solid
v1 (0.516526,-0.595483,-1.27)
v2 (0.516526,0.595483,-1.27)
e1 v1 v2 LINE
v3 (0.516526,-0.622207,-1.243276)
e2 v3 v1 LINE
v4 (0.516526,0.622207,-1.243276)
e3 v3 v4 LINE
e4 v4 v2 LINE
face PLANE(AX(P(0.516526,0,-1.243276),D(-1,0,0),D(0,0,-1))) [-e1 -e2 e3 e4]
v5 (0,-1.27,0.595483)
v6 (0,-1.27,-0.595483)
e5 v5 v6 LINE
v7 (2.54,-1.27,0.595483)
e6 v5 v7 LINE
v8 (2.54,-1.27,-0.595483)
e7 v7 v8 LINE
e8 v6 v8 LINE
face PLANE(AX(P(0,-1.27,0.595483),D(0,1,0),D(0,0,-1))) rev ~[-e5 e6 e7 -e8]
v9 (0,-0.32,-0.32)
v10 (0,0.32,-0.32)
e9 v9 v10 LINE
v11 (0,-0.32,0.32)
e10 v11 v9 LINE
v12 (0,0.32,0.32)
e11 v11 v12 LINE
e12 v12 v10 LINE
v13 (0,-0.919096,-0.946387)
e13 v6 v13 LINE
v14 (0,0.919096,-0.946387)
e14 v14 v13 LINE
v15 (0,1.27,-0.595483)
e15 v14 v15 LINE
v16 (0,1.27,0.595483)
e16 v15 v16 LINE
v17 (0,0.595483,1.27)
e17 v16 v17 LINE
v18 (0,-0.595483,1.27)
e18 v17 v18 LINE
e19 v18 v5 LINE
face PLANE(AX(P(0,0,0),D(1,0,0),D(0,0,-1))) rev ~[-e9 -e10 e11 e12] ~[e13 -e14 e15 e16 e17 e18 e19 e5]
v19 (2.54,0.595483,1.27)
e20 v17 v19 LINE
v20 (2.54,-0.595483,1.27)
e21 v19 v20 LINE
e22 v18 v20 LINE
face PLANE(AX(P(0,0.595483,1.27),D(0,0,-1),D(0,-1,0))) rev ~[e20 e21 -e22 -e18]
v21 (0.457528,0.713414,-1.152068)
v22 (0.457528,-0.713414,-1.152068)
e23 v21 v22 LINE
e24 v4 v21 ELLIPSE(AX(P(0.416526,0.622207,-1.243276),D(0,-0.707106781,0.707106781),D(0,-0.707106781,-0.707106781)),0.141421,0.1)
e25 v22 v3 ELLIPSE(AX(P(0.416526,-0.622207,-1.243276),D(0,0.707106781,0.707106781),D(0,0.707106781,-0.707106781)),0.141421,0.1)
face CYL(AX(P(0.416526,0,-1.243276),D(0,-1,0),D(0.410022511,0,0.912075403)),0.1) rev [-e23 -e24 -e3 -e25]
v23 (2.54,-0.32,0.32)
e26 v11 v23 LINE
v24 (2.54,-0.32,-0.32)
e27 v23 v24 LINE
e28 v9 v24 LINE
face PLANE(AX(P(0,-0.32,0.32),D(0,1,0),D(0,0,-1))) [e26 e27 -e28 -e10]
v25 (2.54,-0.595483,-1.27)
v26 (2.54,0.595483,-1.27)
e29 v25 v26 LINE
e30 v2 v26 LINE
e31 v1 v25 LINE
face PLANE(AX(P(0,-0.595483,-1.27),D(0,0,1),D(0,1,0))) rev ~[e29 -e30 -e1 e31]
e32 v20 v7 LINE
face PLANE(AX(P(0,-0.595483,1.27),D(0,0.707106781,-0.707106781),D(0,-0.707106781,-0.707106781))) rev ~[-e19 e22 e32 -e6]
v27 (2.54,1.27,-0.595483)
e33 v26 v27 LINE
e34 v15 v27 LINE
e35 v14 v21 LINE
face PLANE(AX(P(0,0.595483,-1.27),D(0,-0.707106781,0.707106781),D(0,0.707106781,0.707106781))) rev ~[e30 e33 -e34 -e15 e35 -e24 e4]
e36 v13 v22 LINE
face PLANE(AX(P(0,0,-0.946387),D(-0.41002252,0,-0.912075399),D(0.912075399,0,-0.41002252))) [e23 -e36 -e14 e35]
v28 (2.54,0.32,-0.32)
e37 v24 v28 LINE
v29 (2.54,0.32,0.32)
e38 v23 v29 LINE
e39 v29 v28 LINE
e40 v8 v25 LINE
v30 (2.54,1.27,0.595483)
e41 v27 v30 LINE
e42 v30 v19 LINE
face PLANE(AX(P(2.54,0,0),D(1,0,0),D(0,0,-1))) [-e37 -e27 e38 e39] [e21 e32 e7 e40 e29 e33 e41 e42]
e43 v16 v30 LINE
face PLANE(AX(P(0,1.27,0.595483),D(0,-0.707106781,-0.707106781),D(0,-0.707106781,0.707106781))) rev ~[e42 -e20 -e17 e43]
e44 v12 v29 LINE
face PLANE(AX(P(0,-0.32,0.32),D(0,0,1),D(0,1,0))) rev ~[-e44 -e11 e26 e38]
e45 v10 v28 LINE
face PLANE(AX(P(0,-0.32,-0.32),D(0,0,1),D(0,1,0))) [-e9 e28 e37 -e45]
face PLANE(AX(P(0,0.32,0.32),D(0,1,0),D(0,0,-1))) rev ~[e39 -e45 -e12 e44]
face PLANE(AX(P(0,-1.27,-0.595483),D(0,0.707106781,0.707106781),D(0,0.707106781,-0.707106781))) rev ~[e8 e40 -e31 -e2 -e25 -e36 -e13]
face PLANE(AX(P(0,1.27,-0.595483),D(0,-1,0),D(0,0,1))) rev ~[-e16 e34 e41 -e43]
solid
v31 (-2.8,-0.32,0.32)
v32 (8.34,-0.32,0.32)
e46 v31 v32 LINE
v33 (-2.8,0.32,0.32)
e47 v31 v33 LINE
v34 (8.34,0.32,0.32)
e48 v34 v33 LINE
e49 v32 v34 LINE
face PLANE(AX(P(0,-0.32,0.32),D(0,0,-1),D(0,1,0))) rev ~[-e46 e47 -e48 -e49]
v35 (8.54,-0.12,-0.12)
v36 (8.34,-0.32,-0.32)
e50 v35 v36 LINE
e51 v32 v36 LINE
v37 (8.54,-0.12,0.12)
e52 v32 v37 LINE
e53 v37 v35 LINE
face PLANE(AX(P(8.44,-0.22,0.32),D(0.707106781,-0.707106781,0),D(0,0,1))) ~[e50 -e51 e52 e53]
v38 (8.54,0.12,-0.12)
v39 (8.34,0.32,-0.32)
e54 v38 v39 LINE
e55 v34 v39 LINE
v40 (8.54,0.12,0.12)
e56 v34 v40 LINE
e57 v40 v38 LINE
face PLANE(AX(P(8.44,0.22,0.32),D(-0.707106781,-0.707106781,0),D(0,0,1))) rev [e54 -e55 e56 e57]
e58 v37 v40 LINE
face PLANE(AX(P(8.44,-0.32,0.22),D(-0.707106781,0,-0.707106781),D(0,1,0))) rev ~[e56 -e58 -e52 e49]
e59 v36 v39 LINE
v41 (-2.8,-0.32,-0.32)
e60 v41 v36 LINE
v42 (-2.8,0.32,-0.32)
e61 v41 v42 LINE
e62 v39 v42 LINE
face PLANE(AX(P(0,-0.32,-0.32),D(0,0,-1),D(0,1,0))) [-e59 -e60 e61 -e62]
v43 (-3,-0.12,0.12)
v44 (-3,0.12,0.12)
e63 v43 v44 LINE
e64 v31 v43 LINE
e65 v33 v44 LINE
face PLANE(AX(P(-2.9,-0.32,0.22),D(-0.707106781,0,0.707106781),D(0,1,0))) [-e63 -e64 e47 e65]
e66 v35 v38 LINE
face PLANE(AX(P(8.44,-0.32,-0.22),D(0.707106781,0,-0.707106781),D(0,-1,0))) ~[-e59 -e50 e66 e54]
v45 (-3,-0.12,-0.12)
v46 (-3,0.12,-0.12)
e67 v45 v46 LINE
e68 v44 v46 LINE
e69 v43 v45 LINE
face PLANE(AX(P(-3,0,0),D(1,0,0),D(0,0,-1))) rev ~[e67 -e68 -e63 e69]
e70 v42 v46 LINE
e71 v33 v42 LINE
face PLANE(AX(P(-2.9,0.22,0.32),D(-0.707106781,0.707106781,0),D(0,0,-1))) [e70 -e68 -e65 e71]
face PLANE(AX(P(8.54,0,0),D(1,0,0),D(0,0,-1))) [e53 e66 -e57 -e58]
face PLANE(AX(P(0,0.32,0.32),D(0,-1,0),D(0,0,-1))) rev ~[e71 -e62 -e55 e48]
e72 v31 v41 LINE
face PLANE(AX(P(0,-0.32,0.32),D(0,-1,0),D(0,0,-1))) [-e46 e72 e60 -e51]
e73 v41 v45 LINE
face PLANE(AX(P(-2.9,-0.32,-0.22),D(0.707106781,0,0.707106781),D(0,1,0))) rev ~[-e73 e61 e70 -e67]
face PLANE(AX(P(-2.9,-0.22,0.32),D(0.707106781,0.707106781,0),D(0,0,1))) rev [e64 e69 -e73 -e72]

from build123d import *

# Parameters (mm, degrees)
CROQUIS1_W                   = 0.64
CROQUIS1_H                   = 0.64
SALIENTE_EXTRUIR1_DEPTH      = 2.54
CORTAR_EXTRUIR1_DEPTH        = 2.54
CORTAR_EXTRUIR1_DEPTH_BACK   = 2.54
CROQUIS3_W                   = 0.64
CROQUIS3_H                   = 0.64
SALIENTE_EXTRUIR2_DEPTH      = 8.54
SALIENTE_EXTRUIR2_DEPTH_BACK = 3
CHAFL_N1_SIZE                = 0.2


with BuildPart() as part:
    # Croquis1 → Saliente-Extruir1 (new body)
    with BuildSketch(Plane(origin=(0, 0, 0), x_dir=(0, 0, -1), z_dir=(1, 0, 0))):
        Polygon((-0.595482683, 1.27), (-1.27, 0.595482683), (-1.27, -0.595482683), (-0.595482683, -1.27), (0.595482683, -1.27), (1.27, -0.595482683), (1.27, 0.595482683), (0.595482683, 1.27), align=None)
        Rectangle(CROQUIS1_W, CROQUIS1_H, mode=Mode.SUBTRACT)
    extrude(amount=SALIENTE_EXTRUIR1_DEPTH)

    # Croquis2 → Cortar-Extruir1 (cut, two sides)
    with BuildSketch(Plane(origin=(0, 0, 0), x_dir=(1, 0, 0), z_dir=(0, 1, 0))) as cortar_extruir1_sk:
        with BuildLine():
            Line((0.516526244, 1.243275937), (0.516526244, 1.296724063))
            ThreePointArc((0.516526244, 1.296724063), (0.500491193, 1.351036929), (0.457528496, 1.387931603))
            Line((0.457528496, 1.387931603), (0, 1.593613049))
            Line((0, 1.593613049), (0, 0.946386951))
            Line((0, 0.946386951), (0.457528496, 1.152068397))
            ThreePointArc((0.457528496, 1.152068397), (0.500491193, 1.188963071), (0.516526244, 1.243275937))
        make_face()
    extrude(amount=CORTAR_EXTRUIR1_DEPTH, mode=Mode.SUBTRACT)
    extrude(cortar_extruir1_sk.sketch, amount=-CORTAR_EXTRUIR1_DEPTH_BACK, mode=Mode.SUBTRACT)


with BuildPart() as body_2:
    # Croquis3 → Saliente-Extruir2 (new body, two sides)
    with BuildSketch(Plane(origin=(0, 0, 0), x_dir=(0, 0, -1), z_dir=(1, 0, 0))) as saliente_extruir2_sk:
        Rectangle(CROQUIS3_W, CROQUIS3_H)
    extrude(amount=SALIENTE_EXTRUIR2_DEPTH)
    extrude(saliente_extruir2_sk.sketch, amount=-SALIENTE_EXTRUIR2_DEPTH_BACK)

    # Chaflán1
    chafl_n1_edges = [body_2.edges().sort_by_distance(p)[0] for p in [
        (-3, 0, -0.32),
        (8.54, 0, 0.32),
        (8.54, -0.32, 0),
        (-3, 0.32, 0),
        (8.54, 0, -0.32),
        (8.54, 0.32, 0),
        (-3, 0, 0.32),
        (-3, -0.32, 0),
    ]]
    chamfer(chafl_n1_edges, length=CHAFL_N1_SIZE)


solid = Compound([part.part, body_2.part])
